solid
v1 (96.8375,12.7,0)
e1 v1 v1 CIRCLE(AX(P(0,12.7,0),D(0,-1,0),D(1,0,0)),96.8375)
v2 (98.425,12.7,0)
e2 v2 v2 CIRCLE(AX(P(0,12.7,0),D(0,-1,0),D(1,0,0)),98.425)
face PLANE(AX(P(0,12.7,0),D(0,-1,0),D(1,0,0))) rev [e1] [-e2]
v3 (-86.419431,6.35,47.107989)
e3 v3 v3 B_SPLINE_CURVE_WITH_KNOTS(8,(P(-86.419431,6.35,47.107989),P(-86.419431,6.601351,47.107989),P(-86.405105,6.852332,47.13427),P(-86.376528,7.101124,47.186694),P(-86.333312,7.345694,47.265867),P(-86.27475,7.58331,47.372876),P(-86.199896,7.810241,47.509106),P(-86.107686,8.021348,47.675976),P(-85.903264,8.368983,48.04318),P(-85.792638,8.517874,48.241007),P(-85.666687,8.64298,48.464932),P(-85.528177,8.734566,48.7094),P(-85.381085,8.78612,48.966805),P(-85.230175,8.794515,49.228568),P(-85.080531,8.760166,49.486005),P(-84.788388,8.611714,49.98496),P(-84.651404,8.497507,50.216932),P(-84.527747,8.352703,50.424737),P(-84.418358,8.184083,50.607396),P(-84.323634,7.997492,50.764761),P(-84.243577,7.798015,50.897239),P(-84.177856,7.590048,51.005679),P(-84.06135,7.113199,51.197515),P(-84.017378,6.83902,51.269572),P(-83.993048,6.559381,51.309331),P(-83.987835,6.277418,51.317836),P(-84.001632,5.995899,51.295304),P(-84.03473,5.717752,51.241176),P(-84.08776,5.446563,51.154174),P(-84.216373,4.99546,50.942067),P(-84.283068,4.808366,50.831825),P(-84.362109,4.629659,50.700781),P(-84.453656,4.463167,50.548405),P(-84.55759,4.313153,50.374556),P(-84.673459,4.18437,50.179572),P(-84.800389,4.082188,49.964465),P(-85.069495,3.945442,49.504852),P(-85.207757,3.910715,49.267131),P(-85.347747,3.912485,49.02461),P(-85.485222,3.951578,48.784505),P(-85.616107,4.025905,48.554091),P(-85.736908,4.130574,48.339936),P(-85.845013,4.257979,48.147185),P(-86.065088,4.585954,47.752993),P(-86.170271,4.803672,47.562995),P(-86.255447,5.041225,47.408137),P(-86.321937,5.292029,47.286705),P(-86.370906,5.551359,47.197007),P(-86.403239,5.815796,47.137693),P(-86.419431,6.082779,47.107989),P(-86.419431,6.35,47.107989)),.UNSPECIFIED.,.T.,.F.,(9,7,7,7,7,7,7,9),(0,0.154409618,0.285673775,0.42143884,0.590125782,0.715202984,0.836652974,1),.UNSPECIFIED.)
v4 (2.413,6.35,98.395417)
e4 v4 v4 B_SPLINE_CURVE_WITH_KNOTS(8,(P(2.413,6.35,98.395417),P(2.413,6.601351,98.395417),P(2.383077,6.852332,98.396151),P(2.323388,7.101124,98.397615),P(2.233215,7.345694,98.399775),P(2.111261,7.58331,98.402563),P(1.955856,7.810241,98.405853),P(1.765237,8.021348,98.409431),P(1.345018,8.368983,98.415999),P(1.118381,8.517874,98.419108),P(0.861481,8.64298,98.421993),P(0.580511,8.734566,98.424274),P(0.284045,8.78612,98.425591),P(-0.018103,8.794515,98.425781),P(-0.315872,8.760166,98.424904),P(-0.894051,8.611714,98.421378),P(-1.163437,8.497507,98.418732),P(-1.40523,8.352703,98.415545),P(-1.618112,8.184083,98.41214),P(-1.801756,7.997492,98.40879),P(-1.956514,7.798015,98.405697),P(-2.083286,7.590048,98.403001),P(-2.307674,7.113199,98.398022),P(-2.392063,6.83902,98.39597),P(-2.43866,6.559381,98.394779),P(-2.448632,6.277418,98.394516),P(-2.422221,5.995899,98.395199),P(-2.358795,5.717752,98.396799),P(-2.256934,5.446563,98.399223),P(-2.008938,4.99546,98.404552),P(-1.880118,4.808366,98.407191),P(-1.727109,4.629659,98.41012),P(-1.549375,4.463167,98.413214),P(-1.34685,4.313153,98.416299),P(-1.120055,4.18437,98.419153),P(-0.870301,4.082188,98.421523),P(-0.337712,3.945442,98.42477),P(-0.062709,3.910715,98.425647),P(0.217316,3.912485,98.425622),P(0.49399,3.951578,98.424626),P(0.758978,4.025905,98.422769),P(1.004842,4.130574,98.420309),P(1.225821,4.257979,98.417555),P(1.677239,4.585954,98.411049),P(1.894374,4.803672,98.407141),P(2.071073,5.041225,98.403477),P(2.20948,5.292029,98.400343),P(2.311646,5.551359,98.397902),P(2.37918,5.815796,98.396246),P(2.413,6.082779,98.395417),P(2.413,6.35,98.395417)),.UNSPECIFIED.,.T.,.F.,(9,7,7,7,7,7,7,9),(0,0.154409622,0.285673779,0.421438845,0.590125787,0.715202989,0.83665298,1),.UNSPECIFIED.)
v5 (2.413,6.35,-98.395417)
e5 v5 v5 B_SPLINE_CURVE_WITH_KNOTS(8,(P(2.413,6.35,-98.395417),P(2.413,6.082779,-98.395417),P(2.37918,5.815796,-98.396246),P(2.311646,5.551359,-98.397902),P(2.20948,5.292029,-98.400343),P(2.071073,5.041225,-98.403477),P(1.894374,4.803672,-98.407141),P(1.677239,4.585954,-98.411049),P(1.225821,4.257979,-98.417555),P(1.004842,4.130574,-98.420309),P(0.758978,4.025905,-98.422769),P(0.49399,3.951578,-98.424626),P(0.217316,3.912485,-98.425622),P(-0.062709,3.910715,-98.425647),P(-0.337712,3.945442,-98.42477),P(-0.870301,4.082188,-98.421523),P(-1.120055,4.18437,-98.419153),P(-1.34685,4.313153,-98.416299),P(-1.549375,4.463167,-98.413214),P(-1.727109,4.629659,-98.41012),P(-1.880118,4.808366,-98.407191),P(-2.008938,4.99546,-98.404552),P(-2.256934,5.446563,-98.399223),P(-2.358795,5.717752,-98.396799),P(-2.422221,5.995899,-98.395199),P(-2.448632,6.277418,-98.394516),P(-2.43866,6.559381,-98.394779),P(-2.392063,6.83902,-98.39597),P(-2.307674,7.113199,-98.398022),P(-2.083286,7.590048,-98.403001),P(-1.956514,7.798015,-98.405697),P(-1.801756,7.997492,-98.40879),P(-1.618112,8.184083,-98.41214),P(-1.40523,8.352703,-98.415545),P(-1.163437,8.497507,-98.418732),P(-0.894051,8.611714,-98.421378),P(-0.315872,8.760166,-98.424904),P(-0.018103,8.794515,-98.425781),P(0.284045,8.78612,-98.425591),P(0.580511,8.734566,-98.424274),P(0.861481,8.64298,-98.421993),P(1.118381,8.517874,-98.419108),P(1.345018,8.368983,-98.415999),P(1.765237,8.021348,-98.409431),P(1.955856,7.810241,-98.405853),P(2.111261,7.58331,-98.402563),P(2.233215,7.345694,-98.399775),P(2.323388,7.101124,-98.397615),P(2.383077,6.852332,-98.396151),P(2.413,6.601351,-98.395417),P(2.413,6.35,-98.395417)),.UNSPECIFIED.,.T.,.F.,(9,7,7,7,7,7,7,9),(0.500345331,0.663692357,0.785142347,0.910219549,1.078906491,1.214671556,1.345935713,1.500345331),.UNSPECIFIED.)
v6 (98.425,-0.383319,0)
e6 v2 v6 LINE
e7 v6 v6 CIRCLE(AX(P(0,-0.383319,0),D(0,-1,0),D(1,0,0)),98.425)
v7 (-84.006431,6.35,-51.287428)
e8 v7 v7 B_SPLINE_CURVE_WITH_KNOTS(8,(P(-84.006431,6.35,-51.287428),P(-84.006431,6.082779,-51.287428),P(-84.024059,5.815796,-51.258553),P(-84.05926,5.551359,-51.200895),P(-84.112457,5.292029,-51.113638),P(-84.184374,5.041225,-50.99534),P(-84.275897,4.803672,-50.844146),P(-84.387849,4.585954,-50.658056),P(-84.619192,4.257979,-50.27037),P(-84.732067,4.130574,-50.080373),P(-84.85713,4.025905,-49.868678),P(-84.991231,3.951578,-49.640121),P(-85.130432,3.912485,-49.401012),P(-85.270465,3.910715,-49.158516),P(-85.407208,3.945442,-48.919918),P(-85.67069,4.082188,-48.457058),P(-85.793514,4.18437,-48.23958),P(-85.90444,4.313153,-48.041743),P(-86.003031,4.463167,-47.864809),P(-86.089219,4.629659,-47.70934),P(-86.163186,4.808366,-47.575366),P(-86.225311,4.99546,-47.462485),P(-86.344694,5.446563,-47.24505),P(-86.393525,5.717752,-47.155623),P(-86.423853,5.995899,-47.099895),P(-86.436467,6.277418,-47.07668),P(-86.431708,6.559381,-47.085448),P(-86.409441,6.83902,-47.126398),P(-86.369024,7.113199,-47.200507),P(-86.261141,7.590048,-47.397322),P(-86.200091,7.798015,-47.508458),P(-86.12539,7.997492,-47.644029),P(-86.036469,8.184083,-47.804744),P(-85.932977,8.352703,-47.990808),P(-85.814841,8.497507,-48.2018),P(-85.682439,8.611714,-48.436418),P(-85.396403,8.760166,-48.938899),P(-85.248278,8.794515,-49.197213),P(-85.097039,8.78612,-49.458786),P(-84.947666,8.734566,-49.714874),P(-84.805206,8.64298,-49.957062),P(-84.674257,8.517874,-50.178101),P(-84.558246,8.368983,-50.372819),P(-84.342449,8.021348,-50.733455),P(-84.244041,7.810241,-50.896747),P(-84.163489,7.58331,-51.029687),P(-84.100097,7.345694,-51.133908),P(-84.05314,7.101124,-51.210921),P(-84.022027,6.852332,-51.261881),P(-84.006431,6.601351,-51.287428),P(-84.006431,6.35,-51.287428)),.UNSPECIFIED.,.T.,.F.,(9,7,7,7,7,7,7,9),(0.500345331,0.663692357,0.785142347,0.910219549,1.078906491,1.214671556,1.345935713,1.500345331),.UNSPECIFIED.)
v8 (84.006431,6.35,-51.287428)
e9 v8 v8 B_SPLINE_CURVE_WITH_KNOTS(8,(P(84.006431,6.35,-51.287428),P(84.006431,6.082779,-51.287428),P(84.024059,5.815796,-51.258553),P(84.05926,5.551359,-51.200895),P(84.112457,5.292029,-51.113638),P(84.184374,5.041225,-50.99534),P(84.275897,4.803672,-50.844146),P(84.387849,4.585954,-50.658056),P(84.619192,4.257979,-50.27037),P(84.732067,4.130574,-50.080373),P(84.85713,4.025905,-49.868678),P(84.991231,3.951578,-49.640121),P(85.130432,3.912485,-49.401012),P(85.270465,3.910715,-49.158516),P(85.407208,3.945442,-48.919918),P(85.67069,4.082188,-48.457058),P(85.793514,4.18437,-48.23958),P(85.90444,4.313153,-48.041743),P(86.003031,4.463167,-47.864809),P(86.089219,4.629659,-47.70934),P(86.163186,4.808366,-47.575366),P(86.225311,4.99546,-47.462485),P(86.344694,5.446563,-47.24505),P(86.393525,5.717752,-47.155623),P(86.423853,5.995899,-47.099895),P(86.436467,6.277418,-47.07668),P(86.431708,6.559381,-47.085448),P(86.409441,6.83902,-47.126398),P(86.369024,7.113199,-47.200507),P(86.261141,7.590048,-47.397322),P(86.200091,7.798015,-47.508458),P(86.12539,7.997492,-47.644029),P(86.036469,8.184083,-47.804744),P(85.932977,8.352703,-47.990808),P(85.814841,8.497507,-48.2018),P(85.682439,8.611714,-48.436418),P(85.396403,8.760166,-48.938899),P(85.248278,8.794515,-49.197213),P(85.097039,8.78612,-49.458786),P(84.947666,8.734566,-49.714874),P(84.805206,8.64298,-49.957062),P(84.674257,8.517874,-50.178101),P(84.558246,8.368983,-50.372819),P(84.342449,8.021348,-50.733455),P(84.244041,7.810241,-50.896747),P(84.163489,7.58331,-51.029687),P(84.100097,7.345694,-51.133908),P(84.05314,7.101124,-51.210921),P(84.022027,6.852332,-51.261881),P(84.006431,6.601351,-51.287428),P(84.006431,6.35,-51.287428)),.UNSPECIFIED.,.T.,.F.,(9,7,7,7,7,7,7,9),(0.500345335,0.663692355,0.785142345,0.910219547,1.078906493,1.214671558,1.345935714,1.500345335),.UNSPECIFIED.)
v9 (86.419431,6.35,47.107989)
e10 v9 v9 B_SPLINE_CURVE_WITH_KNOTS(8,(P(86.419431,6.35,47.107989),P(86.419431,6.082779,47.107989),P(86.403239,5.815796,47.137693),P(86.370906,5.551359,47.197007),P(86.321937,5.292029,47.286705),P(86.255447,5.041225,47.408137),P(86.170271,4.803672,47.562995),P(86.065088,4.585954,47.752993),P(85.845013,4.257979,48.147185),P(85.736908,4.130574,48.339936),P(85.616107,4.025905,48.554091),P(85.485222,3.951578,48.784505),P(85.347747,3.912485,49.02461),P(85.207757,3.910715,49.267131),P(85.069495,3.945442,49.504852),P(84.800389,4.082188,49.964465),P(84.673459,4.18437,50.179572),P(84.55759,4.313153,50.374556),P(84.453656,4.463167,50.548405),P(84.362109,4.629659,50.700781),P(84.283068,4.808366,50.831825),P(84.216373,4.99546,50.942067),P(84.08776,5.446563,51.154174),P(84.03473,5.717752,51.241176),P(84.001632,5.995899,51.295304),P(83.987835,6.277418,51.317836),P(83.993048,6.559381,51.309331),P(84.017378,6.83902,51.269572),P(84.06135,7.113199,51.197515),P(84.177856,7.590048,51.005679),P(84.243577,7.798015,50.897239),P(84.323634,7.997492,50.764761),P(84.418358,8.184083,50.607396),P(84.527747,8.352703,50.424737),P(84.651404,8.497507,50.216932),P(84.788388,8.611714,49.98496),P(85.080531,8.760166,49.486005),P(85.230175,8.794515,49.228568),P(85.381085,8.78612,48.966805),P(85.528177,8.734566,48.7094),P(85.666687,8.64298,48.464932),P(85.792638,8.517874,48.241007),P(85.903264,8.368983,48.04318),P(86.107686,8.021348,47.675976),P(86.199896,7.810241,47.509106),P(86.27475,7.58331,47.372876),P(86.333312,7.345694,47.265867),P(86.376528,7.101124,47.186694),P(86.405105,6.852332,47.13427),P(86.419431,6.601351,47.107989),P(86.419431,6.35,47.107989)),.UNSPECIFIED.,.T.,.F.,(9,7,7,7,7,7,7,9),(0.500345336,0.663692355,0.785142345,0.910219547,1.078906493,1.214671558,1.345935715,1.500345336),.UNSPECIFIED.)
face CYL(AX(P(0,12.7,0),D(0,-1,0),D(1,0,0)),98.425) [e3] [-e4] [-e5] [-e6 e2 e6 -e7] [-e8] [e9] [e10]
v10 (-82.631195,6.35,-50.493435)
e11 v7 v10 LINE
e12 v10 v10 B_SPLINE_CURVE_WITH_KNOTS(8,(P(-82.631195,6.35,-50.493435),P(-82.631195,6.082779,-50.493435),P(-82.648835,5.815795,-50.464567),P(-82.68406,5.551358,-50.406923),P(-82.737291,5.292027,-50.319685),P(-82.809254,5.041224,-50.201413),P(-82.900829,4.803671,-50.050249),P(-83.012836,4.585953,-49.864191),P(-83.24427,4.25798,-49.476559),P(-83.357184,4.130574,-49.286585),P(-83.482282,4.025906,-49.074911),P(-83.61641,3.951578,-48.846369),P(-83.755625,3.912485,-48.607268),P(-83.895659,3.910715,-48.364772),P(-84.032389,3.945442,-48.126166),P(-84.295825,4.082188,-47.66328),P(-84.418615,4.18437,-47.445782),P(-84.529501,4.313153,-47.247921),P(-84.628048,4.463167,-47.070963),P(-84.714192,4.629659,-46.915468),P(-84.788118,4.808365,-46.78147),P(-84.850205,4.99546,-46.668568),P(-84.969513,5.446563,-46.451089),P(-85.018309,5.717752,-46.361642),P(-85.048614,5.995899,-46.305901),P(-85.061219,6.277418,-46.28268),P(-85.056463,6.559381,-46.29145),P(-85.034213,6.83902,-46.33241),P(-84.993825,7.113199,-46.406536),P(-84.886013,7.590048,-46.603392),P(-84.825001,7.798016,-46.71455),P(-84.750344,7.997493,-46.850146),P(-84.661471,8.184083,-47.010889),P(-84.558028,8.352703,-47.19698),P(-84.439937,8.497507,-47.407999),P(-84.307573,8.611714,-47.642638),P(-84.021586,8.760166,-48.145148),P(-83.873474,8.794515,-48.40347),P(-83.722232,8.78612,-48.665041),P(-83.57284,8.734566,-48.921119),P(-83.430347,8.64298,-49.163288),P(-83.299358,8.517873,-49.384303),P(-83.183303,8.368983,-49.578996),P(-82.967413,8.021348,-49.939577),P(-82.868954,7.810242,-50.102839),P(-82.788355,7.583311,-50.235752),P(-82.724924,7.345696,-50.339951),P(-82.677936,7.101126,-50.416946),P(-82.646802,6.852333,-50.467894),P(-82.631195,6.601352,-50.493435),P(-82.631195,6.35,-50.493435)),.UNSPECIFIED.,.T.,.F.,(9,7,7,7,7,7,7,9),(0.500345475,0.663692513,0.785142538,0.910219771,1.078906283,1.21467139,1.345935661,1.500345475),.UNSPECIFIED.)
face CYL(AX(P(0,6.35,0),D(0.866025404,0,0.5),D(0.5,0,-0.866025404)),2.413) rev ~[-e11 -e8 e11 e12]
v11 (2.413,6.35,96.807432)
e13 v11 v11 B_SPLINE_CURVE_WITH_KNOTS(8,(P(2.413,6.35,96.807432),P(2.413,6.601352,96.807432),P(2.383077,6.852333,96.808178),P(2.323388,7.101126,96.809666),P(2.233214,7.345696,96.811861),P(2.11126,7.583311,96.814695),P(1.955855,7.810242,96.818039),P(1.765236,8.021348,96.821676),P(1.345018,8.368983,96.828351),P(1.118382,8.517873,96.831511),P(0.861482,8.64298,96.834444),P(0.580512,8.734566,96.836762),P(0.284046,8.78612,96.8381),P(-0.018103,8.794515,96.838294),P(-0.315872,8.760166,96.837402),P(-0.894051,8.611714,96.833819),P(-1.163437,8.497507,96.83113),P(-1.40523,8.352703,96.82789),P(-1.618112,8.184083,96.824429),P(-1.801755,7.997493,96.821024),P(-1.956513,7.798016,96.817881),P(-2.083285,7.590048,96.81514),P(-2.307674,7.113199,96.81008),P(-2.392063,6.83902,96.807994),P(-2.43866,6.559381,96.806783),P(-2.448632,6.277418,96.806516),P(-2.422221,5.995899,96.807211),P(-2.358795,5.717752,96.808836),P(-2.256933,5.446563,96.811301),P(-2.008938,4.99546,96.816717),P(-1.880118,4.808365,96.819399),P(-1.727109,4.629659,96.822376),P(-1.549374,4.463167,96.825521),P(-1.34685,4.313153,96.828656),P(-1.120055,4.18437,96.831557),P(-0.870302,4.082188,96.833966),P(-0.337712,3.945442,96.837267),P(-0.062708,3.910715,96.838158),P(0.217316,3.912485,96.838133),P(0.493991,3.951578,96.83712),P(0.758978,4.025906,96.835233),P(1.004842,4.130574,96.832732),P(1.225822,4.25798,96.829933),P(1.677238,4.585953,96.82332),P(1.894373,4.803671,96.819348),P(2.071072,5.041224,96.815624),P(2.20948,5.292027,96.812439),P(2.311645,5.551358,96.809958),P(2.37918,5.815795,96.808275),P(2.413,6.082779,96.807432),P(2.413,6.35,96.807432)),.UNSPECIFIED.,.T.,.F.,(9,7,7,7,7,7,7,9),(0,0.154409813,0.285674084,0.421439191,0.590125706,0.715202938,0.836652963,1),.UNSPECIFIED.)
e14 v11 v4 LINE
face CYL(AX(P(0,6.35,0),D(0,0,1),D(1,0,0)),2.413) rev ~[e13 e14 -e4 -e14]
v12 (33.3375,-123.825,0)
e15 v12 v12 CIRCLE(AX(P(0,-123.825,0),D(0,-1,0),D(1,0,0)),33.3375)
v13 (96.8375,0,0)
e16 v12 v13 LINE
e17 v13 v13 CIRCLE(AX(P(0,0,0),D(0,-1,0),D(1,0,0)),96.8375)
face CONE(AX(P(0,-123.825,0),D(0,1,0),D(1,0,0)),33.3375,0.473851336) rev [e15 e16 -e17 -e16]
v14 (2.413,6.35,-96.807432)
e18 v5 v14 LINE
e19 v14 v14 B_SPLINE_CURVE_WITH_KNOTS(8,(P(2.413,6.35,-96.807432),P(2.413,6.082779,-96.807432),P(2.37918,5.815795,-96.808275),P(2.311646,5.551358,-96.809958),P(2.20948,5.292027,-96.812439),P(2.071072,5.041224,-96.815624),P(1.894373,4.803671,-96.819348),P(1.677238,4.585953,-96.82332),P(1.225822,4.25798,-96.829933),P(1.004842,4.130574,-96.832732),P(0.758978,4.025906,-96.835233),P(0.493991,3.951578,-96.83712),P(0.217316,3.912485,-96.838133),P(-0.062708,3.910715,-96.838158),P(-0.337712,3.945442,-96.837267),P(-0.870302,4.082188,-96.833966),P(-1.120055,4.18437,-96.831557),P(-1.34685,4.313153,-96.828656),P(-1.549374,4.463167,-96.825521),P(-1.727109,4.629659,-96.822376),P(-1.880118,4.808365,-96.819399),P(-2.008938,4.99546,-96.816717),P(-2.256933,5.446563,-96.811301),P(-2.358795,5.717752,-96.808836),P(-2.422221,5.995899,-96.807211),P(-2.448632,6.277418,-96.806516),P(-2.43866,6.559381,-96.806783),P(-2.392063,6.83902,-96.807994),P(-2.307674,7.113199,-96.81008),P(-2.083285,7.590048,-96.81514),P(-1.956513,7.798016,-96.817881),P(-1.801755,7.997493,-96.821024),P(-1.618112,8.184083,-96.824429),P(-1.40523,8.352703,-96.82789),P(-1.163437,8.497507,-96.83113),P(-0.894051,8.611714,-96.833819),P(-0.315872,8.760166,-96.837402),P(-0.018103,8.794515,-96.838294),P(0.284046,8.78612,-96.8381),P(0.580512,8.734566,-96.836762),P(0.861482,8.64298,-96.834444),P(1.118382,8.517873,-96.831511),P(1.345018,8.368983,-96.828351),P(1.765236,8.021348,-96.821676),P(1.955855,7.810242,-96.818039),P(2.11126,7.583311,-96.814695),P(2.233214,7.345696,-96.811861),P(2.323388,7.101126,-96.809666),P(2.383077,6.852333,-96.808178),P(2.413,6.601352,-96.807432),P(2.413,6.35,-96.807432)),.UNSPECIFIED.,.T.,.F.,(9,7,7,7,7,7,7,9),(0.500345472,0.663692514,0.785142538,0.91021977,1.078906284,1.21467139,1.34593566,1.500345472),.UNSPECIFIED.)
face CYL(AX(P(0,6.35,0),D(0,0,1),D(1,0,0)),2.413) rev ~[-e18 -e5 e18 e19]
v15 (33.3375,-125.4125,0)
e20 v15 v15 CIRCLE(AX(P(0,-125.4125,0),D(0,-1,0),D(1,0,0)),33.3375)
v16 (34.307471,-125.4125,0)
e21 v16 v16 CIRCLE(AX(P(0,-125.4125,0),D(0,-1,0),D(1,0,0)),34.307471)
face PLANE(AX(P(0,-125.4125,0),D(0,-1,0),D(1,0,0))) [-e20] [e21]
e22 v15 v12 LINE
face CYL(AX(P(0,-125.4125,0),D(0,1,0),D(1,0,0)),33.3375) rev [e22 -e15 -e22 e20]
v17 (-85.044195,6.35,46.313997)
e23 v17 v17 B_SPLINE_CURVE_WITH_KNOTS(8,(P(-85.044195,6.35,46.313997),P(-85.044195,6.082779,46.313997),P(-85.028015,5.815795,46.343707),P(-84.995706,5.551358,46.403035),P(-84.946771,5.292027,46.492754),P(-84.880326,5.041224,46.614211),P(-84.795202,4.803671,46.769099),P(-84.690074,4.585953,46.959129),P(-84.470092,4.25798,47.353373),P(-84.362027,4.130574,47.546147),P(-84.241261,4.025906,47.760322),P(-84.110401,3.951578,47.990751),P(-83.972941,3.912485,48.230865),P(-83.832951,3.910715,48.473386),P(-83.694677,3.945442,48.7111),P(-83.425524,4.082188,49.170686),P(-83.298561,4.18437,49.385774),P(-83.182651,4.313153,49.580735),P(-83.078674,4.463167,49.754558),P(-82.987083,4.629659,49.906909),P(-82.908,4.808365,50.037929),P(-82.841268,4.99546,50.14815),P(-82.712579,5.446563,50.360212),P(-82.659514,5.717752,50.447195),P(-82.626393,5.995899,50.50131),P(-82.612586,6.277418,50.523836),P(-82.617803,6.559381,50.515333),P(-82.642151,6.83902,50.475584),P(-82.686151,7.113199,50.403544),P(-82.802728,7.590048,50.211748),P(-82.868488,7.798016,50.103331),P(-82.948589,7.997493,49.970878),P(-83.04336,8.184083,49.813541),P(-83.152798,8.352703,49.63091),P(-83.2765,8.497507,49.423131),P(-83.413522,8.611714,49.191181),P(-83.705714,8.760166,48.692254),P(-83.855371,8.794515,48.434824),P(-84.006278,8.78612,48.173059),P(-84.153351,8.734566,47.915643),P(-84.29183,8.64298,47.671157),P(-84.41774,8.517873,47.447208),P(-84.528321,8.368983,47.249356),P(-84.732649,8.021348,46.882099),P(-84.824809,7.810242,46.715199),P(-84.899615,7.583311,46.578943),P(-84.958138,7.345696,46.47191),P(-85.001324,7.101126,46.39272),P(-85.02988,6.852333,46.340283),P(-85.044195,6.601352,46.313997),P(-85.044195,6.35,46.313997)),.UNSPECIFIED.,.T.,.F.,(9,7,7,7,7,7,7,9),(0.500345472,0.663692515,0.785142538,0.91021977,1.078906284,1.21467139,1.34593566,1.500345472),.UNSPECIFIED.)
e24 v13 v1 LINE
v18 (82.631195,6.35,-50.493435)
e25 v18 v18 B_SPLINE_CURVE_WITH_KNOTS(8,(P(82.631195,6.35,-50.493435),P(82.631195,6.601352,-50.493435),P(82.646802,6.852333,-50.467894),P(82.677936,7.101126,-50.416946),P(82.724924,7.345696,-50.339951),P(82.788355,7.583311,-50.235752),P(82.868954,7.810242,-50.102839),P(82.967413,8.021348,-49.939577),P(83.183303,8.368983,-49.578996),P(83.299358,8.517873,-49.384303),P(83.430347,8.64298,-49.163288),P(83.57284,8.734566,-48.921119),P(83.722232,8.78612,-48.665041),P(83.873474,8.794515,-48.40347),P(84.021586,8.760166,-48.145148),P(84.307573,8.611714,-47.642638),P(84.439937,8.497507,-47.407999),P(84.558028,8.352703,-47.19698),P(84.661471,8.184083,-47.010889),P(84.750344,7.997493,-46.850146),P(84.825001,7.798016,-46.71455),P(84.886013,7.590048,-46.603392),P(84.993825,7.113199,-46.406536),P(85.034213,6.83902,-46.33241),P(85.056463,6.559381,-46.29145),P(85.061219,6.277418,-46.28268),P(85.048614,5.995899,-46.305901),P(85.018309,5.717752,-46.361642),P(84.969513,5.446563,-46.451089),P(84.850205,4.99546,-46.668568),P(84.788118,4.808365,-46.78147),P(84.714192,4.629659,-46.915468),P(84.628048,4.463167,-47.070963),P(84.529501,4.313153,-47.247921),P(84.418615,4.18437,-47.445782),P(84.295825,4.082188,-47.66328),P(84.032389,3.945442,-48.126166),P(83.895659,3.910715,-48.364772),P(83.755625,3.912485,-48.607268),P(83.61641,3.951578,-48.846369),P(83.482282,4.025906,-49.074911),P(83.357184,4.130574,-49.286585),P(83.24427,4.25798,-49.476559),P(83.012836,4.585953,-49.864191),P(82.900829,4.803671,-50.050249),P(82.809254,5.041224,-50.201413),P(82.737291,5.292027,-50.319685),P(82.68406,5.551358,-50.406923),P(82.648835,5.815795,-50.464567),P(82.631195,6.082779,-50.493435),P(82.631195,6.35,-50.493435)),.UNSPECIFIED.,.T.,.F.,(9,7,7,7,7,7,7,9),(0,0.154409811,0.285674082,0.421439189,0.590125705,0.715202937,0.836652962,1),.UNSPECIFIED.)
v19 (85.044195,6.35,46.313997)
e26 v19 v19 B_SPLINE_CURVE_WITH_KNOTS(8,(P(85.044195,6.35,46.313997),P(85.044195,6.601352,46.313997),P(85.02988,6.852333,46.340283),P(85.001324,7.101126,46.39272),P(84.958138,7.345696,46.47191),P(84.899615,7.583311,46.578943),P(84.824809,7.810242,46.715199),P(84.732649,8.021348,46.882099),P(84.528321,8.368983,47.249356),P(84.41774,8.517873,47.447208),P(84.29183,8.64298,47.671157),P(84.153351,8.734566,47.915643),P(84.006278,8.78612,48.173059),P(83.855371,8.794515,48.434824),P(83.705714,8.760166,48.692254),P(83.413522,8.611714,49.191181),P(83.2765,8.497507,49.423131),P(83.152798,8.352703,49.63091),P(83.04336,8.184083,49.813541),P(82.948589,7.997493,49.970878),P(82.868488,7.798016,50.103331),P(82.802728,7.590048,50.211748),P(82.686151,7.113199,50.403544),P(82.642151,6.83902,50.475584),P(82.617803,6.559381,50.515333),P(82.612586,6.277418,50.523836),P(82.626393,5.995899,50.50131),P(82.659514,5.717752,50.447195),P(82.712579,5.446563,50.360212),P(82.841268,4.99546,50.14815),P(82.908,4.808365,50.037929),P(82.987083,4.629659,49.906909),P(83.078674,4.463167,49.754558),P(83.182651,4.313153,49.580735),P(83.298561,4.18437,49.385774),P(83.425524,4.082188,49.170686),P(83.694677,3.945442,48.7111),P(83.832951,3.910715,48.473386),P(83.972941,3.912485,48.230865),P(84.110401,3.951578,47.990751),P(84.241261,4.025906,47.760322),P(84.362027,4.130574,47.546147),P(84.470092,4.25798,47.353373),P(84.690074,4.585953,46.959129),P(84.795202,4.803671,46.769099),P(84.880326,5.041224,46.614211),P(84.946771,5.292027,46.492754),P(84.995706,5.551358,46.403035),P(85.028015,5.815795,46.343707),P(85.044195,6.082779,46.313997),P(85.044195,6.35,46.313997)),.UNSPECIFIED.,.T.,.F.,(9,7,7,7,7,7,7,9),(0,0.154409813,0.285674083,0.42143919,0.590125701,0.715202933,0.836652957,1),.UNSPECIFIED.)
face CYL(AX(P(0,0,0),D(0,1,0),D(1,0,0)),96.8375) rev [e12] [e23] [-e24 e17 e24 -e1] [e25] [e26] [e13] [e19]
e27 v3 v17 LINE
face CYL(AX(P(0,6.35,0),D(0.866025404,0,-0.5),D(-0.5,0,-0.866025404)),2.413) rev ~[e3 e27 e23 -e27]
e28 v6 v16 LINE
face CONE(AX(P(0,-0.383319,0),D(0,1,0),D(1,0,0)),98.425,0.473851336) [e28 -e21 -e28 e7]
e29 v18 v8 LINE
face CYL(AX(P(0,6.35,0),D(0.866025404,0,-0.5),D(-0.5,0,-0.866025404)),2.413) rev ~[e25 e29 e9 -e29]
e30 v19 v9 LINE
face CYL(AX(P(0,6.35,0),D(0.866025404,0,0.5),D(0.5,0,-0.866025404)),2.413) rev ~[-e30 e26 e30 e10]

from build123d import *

# Parameters (mm, degrees)
SKETCH2_R          = 2.413
CUT_EXTRUDE1_DEPTH = 99.425
CIRPATTERN1_COUNT  = 6


with BuildPart() as part:
    # Sketch1 → Revolve1 (revolve)
    with BuildSketch(Plane.XY):
        Polygon((96.8375, 0), (96.8375, 12.7), (98.425, 12.7), (98.425, -0.383318861), (34.307471211, -125.4125), (33.3375, -125.4125), (33.3375, -123.825), align=None)
    revolve(axis=Axis((0, 0, 0), (0, -1, 0)))

    # Sketch2 → Cut-Extrude1 (cut, symmetric)
    with BuildSketch(Plane.XY):
        with Locations((0, 6.35)):
            Circle(SKETCH2_R)
    cut_extrude1 = extrude(amount=CUT_EXTRUDE1_DEPTH, both=True, mode=Mode.SUBTRACT)

    # CirPattern1: Cut-Extrude1 ×6 about axis
    cirpattern1_axis = Axis((0, 12.7, 0), (0, 1, 0))
    for i in range(1, CIRPATTERN1_COUNT):
        add(cut_extrude1.rotate(cirpattern1_axis, i * 360 / CIRPATTERN1_COUNT), mode=Mode.SUBTRACT)


solid = part.part
